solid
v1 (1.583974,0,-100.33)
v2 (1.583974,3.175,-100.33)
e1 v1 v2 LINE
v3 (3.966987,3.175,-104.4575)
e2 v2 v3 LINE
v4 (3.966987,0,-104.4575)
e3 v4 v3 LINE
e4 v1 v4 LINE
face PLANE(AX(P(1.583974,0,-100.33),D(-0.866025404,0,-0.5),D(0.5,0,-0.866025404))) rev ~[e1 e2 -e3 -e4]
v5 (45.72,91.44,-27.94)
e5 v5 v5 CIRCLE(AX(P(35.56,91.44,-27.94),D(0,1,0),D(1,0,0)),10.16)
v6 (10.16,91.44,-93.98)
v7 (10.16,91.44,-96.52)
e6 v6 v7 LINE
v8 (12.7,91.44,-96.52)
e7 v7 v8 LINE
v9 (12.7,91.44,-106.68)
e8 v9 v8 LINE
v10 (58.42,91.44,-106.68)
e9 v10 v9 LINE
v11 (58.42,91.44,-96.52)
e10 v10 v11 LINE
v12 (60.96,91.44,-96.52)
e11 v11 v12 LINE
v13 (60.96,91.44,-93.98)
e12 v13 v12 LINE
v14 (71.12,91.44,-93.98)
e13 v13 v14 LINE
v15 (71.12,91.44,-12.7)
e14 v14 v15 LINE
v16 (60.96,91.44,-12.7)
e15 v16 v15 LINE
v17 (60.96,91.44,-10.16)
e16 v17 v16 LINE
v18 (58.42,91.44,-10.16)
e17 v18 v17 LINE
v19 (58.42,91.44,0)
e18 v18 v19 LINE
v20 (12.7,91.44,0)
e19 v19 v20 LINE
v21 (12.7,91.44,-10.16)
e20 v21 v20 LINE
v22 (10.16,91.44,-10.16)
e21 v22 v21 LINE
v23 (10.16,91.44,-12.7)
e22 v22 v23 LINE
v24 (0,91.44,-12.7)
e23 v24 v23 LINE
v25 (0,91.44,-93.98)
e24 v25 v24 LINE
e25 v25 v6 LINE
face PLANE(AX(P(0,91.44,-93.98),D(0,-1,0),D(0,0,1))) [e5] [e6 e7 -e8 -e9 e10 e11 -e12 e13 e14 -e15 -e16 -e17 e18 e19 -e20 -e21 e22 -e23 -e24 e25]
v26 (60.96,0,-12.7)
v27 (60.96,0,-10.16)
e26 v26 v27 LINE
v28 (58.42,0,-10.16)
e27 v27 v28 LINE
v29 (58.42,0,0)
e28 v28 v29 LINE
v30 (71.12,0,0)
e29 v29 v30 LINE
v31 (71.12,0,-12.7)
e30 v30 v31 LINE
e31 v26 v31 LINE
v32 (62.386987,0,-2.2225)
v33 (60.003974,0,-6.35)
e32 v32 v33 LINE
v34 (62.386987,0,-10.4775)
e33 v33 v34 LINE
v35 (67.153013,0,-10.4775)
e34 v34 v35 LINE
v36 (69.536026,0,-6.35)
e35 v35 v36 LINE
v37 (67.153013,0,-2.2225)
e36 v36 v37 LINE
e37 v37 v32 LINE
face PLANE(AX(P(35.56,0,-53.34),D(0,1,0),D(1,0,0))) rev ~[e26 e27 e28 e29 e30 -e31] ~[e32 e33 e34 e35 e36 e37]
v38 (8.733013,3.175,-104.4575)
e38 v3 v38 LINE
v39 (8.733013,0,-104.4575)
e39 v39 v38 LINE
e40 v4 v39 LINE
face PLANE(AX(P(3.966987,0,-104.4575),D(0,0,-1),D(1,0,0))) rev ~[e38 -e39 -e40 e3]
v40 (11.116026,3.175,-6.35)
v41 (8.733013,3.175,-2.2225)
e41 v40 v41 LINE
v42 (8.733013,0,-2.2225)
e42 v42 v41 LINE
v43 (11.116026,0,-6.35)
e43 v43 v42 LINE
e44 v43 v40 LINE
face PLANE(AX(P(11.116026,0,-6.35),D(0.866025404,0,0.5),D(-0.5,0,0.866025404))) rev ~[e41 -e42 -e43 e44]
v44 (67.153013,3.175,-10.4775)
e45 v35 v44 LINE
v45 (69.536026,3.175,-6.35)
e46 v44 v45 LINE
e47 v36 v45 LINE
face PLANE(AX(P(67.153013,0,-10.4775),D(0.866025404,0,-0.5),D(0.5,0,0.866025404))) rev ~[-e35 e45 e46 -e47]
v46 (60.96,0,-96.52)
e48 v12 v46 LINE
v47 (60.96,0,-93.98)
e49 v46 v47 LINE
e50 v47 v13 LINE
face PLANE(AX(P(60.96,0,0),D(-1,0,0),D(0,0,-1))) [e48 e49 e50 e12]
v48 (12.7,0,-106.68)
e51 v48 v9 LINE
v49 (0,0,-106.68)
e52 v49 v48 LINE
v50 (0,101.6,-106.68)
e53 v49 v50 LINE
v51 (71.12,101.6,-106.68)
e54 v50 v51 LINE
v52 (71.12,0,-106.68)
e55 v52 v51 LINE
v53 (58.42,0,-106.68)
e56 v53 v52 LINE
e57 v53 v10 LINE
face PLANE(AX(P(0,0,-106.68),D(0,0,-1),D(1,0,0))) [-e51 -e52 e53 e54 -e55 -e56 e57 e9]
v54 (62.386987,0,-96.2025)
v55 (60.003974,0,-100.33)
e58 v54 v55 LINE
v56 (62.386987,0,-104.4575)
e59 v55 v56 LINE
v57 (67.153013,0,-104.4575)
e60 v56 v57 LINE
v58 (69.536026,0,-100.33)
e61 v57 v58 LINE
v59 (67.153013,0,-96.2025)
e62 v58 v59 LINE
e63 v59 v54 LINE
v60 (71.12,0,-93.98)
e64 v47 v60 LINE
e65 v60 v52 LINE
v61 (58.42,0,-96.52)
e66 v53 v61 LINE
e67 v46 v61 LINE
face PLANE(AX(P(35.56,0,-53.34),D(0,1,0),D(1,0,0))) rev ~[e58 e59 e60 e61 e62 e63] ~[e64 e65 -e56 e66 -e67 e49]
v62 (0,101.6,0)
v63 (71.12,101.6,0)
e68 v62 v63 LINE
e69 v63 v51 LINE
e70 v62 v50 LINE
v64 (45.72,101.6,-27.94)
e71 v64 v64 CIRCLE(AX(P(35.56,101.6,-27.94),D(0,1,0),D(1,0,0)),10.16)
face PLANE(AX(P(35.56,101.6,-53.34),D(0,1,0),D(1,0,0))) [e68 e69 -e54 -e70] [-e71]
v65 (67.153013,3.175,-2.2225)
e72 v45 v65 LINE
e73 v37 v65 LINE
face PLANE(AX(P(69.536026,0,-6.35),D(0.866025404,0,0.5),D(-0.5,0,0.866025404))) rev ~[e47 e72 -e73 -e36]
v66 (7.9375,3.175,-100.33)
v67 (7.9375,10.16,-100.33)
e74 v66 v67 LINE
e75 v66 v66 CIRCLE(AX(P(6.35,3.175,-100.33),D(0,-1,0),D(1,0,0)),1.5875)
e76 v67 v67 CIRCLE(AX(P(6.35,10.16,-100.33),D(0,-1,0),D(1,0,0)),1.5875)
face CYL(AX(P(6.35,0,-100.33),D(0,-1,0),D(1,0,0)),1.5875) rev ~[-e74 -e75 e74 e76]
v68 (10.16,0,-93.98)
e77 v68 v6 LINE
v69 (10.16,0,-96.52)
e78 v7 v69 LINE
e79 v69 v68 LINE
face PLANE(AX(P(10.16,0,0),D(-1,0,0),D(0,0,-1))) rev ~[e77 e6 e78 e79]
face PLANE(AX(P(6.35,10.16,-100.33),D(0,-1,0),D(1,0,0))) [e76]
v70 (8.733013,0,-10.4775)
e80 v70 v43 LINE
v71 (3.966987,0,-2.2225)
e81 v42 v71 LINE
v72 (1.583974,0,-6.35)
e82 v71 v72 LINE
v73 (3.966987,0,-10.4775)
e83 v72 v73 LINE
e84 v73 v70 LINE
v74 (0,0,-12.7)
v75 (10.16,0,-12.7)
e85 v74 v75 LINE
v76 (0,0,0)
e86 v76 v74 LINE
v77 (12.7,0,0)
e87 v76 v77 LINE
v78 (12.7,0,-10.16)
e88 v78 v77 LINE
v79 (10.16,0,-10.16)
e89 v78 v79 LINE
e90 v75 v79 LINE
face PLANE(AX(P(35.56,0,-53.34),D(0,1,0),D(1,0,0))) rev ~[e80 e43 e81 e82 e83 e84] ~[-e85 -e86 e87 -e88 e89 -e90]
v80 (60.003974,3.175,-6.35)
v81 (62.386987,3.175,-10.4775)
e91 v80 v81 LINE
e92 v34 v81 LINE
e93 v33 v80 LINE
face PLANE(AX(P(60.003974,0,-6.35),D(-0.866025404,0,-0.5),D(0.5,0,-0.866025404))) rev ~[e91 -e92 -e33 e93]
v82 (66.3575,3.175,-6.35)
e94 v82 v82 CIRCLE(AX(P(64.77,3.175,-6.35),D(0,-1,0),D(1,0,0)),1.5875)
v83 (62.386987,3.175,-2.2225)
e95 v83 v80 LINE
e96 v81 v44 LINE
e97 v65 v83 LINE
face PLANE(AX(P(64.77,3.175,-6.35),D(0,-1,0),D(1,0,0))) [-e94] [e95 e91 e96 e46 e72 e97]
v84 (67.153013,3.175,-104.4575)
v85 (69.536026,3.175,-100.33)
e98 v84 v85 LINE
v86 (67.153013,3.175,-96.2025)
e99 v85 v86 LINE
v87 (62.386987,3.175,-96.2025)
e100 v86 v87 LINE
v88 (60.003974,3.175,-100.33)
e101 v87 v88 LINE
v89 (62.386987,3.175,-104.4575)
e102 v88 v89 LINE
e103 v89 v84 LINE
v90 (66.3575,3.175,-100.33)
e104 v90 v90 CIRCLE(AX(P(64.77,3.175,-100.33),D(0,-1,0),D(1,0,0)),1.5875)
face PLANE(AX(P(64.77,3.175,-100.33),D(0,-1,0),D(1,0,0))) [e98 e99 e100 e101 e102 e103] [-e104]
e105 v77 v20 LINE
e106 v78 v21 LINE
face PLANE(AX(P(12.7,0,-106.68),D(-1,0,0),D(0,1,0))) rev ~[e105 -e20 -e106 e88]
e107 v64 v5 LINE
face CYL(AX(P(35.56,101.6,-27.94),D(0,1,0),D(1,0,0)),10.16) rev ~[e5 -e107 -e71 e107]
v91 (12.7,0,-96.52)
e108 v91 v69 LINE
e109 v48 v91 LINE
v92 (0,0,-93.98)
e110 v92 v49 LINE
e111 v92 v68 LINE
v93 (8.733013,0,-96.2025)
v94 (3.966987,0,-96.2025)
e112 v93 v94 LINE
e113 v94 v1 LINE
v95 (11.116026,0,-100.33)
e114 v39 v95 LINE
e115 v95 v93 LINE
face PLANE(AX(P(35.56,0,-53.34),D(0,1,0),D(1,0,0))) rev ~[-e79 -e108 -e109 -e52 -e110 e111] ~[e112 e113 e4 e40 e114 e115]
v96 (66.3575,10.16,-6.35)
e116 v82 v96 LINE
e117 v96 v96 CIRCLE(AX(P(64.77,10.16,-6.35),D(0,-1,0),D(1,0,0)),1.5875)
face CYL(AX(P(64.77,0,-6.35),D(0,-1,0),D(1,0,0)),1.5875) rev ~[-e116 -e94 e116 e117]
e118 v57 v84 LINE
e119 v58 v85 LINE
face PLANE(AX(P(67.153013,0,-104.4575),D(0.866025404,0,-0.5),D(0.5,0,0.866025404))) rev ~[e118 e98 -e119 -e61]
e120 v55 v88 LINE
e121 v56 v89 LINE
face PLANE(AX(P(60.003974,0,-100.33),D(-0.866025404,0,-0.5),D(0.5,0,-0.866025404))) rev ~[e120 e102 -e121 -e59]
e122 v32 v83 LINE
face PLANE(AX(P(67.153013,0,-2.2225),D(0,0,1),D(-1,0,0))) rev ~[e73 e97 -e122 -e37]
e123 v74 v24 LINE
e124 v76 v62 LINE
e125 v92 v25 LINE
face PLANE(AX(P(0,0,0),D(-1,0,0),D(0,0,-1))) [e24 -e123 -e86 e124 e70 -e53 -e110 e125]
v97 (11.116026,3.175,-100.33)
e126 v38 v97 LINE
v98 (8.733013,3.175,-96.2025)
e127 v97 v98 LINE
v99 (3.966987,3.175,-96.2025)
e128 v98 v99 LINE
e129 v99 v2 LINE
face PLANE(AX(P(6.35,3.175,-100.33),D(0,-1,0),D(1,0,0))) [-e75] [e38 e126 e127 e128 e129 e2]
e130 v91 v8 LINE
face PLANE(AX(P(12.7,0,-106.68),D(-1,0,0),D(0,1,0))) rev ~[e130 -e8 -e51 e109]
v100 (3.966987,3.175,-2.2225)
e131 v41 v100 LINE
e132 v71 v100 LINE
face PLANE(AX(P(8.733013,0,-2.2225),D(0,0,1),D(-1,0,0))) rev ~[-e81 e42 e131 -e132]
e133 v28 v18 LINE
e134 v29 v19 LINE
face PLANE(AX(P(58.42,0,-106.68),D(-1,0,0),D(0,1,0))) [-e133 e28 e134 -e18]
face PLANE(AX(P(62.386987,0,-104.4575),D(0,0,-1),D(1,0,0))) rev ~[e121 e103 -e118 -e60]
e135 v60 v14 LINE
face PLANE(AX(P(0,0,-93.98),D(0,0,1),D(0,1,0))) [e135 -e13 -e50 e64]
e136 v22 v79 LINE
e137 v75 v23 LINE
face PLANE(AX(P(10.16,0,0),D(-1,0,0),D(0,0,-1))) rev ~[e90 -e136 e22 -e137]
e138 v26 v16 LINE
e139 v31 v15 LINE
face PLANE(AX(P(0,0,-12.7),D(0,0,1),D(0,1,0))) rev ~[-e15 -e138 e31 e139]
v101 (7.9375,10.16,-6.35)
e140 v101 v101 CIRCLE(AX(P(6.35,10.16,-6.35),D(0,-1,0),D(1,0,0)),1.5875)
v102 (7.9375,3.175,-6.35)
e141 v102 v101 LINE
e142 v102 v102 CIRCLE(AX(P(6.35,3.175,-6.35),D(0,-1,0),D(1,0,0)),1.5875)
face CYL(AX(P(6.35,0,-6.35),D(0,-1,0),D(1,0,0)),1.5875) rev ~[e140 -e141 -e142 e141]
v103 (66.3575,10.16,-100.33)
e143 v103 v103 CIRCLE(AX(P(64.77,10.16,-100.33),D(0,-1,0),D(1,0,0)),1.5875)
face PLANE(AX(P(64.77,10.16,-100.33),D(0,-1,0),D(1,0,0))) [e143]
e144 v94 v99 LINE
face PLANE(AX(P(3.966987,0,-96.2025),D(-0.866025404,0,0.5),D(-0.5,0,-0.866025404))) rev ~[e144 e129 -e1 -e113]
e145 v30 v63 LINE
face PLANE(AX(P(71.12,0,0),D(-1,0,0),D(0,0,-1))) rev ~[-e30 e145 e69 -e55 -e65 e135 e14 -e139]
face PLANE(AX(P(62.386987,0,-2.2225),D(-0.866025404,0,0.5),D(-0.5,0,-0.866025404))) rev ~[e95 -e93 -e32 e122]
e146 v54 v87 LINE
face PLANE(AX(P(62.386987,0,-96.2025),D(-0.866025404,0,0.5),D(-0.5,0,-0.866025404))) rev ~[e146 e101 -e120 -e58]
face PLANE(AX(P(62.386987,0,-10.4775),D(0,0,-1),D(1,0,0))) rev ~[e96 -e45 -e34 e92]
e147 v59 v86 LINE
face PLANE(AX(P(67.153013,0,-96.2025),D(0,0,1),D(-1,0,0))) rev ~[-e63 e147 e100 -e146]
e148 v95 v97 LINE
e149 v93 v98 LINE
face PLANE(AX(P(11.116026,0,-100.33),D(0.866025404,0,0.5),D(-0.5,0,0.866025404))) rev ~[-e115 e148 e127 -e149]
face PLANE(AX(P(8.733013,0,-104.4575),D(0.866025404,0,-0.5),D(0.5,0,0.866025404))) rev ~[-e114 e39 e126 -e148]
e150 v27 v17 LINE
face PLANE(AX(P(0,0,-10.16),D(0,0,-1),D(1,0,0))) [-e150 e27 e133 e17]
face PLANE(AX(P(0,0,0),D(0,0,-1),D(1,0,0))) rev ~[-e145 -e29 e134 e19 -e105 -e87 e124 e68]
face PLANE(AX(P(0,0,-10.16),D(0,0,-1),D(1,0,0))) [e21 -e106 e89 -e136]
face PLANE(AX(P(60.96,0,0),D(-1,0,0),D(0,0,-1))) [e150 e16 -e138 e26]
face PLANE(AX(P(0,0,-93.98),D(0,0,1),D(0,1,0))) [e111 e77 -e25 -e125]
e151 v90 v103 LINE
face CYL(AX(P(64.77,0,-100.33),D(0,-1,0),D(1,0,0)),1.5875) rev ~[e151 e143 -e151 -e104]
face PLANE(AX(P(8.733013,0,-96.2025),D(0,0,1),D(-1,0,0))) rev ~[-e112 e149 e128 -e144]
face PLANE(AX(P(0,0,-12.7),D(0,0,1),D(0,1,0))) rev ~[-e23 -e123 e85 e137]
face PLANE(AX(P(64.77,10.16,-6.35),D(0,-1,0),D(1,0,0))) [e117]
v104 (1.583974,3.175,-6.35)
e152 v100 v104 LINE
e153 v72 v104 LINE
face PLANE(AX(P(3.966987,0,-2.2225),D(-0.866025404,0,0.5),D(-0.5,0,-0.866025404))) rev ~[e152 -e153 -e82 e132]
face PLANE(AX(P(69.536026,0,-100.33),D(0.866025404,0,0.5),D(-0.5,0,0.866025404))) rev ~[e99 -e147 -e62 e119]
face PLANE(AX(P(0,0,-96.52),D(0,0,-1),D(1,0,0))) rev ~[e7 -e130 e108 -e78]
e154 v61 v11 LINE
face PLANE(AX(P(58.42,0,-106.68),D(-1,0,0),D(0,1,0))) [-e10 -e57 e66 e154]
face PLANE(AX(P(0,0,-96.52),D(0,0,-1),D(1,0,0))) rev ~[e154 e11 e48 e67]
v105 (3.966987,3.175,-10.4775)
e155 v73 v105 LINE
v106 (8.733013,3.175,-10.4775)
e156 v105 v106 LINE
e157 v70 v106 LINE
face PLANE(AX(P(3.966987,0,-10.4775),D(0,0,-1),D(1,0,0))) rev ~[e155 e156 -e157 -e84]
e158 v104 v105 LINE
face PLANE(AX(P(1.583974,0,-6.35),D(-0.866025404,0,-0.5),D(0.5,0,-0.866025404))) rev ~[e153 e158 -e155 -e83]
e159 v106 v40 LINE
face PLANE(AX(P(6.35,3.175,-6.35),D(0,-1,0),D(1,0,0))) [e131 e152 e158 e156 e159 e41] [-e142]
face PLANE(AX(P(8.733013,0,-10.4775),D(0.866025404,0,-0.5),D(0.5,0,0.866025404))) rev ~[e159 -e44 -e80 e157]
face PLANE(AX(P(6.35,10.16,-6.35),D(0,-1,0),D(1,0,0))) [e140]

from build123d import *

# Parameters (mm, degrees)
SKETCH1_W               = 71.12
SKETCH1_H               = 106.68
BOSS_EXTRUDE1_DEPTH     = 101.6
SHELL1_T                = -10.16
SKETCH3_R               = 1.5875
CUT_EXTRUDE1_DEPTH      = 10.16
SKETCH4_W               = 81.28
SKETCH4_H               = 91.44
CUT_EXTRUDE2_DEPTH      = 72.12
CUT_EXTRUDE3_DEPTH      = 3.175
SKETCH7_W               = 45.72
SKETCH7_H               = 91.44
CUT_EXTRUDE4_DEPTH      = 1
CUT_EXTRUDE4_DEPTH_BACK = 107.68
CUT_EXTRUDE5_REACH      = 103.6
SKETCH8_R               = 10.16


with BuildPart() as part:
    # Sketch1 → Boss-Extrude1 (new body)
    with BuildSketch(Plane(origin=(0, 0, 0), x_dir=(1, 0, 0), z_dir=(0, 1, 0))):
        with Locations((35.56, 53.34)):
            Rectangle(SKETCH1_W, SKETCH1_H)
    extrude(amount=BOSS_EXTRUDE1_DEPTH)

    # Shell1
    shell1_openings = [part.faces().sort_by_distance(p)[0] for p in [
        (35.56, 0, -53.34),
    ]]
    offset(amount=SHELL1_T, openings=shell1_openings, kind=Kind.INTERSECTION)

    # Sketch3 → Cut-Extrude1 (cut)
    with BuildSketch(Plane.XZ):
        with Locations((6.35, -6.35)):
            Circle(SKETCH3_R)
        with Locations((64.77, -6.35)):
            Circle(SKETCH3_R)
        with Locations((64.77, -100.33)):
            Circle(SKETCH3_R)
        with Locations((6.35, -100.33)):
            Circle(SKETCH3_R)
    extrude(amount=-CUT_EXTRUDE1_DEPTH, mode=Mode.SUBTRACT)

    # Sketch4 → Cut-Extrude2 (cut, through all)
    with BuildSketch(Plane.ZY):
        with Locations((-53.34, 45.72)):
            Rectangle(SKETCH4_W, SKETCH4_H)
    extrude(amount=-CUT_EXTRUDE2_DEPTH, mode=Mode.SUBTRACT)

    # Sketch6 → Cut-Extrude3 (cut)
    with BuildSketch(Plane.XZ):
        Polygon((69.536026472, -6.35), (67.153013236, -2.2225), (62.386986764, -2.2225), (60.003973528, -6.35), (62.386986764, -10.4775), (67.153013236, -10.4775), align=None)
        Polygon((11.116026472, -6.35), (8.733013236, -2.2225), (3.966986764, -2.2225), (1.583973528, -6.35), (3.966986764, -10.4775), (8.733013236, -10.4775), align=None)
        Polygon((69.536026472, -100.33), (67.153013236, -96.2025), (62.386986764, -96.2025), (60.003973528, -100.33), (62.386986764, -104.4575), (67.153013236, -104.4575), align=None)
        Polygon((11.116026472, -100.33), (8.733013236, -96.2025), (3.966986764, -96.2025), (1.583973528, -100.33), (3.966986764, -104.4575), (8.733013236, -104.4575), align=None)
    extrude(amount=-CUT_EXTRUDE3_DEPTH, mode=Mode.SUBTRACT)

    # Sketch7 → Cut-Extrude4 (cut, two sides)
    with BuildSketch(Plane(origin=(0, 0, -106.68), x_dir=(-1, 0, 0), z_dir=(0, 0, -1))) as cut_extrude4_sk:
        with Locations((-35.56, 45.72)):
            Rectangle(SKETCH7_W, SKETCH7_H)
    extrude(amount=CUT_EXTRUDE4_DEPTH, mode=Mode.SUBTRACT)
    extrude(cut_extrude4_sk.sketch, amount=-CUT_EXTRUDE4_DEPTH_BACK, mode=Mode.SUBTRACT)

    # Sketch8 → Cut-Extrude5 (cut, up to next)
    with BuildSketch(Plane(origin=(0, 101.6, 0), x_dir=(1, 0, 0), z_dir=(0, 1, 0)), mode=Mode.PRIVATE) as cut_extrude5_sk1:
        with Locations((35.56, 27.94)):
            Circle(SKETCH8_R)
    cut_extrude5_tool1 = extrude(cut_extrude5_sk1.sketch, amount=-CUT_EXTRUDE5_REACH, mode=Mode.PRIVATE) & part.part
    add(cut_extrude5_tool1.solids().sort_by_distance((35.56, 101.6, -27.94))[0], mode=Mode.SUBTRACT)


solid = part.part
